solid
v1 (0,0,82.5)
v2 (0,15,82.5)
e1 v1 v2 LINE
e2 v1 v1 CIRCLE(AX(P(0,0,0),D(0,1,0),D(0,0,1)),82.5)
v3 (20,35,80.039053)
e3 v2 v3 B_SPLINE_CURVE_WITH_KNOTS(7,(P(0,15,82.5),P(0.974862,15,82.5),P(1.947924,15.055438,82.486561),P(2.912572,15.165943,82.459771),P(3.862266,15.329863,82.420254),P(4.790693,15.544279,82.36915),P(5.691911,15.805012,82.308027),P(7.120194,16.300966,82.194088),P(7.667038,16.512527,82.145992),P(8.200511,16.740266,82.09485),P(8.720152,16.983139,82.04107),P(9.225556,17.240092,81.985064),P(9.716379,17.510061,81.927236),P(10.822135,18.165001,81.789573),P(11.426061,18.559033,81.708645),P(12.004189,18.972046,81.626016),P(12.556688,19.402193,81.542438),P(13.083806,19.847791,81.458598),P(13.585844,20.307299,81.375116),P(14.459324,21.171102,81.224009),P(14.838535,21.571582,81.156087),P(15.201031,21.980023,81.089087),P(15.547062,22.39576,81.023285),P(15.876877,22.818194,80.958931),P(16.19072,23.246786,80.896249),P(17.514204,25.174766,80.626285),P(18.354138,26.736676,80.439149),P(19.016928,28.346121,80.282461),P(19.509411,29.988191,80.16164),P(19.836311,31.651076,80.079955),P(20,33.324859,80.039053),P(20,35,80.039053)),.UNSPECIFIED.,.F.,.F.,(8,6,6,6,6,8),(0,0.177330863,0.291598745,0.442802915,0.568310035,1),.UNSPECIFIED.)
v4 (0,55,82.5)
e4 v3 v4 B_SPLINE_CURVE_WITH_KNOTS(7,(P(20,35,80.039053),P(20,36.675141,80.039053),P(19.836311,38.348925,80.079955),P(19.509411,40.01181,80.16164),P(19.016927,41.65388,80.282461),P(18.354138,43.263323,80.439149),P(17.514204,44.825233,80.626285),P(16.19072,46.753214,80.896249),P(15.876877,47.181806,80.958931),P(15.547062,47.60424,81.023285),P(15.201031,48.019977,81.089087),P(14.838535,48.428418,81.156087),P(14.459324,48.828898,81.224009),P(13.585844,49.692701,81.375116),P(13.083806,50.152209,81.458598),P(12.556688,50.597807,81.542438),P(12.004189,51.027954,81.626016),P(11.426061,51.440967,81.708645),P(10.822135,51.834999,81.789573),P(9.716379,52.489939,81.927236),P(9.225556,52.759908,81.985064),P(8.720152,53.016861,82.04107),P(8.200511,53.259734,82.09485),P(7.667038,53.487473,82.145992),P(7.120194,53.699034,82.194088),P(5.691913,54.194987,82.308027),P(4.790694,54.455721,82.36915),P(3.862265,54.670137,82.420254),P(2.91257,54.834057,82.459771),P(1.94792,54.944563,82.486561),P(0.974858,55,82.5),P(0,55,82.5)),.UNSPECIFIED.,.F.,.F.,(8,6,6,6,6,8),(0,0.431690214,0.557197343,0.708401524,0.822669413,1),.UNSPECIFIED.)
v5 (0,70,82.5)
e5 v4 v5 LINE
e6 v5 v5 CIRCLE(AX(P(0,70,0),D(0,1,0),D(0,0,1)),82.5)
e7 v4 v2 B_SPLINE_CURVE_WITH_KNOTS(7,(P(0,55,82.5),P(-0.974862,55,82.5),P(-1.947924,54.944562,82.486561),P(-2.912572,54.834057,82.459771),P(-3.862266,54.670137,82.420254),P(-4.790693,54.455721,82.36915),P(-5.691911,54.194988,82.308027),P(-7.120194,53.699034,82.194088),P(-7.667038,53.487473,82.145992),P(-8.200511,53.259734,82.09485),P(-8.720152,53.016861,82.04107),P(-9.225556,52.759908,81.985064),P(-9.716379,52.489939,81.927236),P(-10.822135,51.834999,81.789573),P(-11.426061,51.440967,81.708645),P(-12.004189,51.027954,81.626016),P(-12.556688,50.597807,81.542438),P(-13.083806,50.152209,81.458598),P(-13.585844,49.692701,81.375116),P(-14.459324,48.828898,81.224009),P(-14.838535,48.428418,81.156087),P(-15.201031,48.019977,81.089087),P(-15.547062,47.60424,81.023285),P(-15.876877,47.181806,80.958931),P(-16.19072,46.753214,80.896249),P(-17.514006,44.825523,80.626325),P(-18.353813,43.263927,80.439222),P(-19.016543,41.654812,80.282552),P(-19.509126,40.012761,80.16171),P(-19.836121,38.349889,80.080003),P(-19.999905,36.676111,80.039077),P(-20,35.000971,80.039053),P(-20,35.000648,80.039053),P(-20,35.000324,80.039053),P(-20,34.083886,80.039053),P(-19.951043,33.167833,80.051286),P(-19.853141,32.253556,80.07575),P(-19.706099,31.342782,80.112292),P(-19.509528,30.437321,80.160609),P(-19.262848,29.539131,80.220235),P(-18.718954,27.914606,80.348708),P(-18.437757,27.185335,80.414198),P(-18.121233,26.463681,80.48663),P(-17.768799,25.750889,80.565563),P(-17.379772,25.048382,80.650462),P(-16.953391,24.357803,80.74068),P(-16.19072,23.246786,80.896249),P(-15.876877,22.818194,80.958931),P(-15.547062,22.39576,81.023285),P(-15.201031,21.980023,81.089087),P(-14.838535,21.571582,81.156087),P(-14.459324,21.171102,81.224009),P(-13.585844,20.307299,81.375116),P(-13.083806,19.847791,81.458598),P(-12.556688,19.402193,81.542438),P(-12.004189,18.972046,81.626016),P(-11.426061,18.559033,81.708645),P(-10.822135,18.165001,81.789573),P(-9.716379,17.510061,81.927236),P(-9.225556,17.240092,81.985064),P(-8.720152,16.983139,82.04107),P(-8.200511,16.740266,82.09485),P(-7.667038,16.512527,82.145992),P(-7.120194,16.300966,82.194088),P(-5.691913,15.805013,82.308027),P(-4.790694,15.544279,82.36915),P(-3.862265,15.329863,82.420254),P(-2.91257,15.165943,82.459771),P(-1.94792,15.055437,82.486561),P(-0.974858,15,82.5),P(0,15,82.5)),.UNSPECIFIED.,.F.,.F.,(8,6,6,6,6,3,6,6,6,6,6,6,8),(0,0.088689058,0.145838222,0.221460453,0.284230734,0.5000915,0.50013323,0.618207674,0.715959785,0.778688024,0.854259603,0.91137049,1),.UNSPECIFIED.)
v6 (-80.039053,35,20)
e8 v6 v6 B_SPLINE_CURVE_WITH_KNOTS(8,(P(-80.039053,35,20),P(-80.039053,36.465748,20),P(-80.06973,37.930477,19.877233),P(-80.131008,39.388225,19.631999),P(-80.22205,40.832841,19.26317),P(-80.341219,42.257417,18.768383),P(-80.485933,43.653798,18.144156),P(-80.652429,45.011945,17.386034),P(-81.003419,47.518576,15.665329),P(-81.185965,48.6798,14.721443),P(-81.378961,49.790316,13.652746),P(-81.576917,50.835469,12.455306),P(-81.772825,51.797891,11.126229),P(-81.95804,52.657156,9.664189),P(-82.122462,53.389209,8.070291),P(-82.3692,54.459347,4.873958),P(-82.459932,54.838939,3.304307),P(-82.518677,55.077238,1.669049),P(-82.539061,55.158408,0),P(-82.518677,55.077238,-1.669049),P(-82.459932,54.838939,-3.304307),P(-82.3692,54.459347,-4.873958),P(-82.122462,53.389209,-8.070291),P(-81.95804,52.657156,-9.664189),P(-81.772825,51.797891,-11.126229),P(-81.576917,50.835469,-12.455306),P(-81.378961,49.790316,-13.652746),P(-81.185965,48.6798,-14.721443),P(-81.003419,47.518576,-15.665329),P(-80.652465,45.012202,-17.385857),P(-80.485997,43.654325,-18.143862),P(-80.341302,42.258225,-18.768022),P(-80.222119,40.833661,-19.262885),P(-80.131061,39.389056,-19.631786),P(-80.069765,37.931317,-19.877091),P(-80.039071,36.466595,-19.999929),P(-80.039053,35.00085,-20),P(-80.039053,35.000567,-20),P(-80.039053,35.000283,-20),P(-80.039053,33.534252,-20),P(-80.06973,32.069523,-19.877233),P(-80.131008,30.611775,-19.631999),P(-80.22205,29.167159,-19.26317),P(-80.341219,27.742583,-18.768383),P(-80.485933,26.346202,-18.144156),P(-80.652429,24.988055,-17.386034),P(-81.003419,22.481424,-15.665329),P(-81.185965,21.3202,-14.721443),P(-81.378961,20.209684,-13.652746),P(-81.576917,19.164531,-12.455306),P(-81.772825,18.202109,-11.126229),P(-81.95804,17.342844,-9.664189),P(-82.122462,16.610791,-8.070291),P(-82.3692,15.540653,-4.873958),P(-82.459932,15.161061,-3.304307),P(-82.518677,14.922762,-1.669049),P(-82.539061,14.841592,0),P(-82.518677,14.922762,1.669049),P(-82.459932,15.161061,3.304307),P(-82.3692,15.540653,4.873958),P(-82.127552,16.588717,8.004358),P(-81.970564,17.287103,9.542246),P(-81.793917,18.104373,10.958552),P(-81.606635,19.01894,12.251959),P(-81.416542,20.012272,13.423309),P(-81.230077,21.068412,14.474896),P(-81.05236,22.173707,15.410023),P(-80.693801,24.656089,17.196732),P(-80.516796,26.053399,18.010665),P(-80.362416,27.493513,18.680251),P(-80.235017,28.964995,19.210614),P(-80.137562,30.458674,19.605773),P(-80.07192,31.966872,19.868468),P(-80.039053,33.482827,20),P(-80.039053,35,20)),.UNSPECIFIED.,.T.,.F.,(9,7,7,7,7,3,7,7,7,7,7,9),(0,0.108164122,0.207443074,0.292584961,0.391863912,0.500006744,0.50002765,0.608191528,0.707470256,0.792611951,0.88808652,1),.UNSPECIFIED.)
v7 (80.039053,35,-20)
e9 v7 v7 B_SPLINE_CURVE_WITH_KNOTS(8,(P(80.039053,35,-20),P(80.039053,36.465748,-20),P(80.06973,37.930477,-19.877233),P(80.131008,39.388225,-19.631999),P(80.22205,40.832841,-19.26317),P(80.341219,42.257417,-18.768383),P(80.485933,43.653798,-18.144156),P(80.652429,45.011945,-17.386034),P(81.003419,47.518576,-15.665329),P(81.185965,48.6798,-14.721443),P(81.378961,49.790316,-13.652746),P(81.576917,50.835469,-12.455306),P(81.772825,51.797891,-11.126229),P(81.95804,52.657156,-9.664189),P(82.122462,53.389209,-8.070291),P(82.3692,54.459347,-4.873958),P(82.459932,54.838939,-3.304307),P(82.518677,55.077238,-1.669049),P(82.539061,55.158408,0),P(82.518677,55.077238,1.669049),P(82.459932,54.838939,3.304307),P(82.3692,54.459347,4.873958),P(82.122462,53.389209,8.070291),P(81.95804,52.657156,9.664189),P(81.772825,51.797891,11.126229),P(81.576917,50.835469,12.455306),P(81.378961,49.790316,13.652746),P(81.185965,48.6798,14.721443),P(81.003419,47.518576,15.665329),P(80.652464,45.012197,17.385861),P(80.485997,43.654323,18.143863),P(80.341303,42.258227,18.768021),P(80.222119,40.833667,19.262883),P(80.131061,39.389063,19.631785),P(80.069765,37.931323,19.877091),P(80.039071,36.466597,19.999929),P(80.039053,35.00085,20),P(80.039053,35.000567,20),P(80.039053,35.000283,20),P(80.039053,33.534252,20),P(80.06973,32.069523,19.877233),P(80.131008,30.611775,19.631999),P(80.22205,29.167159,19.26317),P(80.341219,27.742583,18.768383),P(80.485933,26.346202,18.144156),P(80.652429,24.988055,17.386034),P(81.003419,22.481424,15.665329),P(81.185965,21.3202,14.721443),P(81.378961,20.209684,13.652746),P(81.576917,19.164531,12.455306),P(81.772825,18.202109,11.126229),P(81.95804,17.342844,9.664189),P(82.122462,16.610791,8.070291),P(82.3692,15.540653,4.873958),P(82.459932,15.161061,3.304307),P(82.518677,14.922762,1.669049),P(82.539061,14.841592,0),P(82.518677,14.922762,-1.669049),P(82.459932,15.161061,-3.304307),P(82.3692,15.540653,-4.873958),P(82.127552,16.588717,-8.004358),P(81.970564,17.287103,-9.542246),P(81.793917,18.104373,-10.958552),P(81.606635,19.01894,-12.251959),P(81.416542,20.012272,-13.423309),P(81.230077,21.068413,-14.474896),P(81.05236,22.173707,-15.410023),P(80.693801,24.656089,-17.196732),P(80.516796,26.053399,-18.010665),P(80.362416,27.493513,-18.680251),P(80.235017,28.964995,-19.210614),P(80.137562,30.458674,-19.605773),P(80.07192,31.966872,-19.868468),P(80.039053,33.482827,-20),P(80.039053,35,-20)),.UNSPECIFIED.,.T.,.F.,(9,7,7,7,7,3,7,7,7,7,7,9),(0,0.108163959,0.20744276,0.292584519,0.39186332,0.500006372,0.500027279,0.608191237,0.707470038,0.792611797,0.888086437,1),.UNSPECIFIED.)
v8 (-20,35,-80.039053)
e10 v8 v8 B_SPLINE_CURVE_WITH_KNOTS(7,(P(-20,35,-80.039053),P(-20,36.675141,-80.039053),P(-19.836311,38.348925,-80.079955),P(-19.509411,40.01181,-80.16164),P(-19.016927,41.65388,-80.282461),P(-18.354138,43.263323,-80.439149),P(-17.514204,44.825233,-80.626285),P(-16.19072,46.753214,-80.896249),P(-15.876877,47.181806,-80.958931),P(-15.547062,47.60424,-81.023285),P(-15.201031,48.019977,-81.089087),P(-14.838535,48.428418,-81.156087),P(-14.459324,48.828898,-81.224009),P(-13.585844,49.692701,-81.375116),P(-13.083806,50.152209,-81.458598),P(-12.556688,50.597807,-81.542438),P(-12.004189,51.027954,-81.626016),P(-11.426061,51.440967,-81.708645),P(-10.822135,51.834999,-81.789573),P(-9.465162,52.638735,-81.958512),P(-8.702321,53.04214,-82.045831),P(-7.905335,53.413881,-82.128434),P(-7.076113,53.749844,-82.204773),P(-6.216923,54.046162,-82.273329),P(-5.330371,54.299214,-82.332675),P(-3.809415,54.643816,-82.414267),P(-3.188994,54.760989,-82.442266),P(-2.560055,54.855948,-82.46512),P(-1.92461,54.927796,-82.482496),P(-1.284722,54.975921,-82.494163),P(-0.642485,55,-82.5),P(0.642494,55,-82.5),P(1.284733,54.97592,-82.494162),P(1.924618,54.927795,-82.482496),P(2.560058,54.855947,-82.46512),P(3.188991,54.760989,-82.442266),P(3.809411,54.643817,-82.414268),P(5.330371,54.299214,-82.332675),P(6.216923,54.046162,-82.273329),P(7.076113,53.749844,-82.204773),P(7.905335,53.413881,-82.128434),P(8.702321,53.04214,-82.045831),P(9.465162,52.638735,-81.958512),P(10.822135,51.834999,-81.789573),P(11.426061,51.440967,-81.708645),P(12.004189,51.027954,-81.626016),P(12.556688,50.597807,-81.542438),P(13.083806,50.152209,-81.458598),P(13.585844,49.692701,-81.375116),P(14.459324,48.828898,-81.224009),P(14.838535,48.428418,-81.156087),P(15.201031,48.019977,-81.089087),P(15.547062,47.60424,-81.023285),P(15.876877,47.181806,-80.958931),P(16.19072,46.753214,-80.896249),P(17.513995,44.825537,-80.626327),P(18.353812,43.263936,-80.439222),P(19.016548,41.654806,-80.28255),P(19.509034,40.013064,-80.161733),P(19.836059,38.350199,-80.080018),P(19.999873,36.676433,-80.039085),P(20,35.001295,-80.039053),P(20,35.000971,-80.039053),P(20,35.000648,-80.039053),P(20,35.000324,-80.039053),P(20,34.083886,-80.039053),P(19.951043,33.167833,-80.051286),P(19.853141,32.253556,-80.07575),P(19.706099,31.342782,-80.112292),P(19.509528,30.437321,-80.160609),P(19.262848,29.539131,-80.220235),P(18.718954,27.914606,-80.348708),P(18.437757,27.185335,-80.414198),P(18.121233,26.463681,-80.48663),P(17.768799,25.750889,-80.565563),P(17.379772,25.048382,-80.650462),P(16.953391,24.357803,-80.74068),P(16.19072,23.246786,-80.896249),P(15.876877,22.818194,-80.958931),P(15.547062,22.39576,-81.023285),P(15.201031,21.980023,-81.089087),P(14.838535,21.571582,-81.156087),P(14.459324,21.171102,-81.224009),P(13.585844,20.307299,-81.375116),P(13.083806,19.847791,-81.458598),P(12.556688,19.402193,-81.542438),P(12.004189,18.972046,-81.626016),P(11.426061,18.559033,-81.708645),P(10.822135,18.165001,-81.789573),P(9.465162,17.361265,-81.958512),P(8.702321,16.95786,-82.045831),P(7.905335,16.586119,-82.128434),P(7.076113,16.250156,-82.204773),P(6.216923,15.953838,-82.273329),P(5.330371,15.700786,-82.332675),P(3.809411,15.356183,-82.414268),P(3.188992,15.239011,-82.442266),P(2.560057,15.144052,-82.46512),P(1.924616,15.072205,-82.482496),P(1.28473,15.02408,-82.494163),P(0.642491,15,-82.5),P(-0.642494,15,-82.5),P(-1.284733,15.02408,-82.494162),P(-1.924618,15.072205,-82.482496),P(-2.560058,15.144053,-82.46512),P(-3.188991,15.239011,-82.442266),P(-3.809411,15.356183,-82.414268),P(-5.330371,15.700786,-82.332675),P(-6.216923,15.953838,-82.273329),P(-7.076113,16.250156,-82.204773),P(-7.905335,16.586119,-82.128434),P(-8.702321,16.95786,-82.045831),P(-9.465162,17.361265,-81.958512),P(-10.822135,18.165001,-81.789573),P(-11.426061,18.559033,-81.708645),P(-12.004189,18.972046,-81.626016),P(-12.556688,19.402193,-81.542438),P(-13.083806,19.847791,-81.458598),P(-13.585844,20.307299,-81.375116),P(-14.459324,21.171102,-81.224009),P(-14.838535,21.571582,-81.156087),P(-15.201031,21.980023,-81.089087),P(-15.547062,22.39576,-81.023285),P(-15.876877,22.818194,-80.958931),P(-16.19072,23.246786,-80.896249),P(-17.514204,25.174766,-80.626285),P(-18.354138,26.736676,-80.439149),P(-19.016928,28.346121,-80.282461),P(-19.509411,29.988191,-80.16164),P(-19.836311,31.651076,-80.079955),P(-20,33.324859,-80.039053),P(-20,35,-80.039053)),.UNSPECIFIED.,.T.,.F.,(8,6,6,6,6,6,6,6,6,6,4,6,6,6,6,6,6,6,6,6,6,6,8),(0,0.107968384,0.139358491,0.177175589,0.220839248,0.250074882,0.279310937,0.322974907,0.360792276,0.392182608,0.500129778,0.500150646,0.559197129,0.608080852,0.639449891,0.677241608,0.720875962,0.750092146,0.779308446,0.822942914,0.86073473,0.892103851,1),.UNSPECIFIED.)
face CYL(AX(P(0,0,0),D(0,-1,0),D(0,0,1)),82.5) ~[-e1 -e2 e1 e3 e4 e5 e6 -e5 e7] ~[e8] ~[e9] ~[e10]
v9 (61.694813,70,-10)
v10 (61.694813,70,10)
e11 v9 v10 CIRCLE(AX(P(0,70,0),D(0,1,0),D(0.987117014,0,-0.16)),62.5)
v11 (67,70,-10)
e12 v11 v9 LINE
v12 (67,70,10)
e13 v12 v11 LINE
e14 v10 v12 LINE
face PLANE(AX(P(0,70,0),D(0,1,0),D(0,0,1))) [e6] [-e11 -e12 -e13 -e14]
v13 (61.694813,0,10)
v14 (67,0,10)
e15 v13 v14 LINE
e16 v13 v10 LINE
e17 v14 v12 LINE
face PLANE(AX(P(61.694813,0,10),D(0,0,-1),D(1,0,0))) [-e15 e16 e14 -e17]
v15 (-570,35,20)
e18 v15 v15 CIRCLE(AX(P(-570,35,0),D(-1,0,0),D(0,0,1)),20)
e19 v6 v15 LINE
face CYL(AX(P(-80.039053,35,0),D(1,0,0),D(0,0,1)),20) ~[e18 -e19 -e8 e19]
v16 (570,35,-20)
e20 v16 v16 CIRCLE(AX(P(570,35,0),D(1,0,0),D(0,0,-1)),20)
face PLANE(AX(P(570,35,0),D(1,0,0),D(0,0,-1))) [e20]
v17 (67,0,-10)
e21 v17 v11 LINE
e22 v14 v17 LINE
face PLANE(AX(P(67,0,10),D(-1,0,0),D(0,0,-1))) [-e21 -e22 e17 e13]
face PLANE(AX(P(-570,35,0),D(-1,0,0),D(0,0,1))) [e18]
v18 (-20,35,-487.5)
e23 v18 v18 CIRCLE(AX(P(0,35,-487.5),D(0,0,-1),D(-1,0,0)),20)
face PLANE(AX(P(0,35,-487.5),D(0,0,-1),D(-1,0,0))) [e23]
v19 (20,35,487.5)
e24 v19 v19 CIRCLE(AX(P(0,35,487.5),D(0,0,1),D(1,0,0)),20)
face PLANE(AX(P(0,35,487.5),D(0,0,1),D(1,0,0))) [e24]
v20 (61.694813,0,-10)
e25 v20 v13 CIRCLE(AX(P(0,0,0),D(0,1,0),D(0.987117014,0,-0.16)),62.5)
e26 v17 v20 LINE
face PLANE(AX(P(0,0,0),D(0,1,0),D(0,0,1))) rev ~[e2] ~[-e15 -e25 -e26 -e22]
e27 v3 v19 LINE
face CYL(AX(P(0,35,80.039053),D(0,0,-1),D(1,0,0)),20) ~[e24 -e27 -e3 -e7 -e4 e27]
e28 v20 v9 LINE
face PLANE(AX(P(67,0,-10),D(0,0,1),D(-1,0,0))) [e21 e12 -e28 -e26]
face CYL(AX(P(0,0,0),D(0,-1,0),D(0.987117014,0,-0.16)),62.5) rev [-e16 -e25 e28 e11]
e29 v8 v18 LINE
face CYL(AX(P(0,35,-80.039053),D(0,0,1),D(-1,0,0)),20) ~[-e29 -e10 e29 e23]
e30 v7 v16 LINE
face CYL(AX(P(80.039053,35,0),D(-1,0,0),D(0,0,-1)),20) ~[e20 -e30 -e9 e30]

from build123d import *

# Parameters (mm, degrees)
SKETCH_1_R               = 82.5
EXTRUDE_1_DEPTH          = 70
EXTRUDE_START            = -407.460947
SKETCH_2_R               = 20
EXTRUDE_2_DEPTH          = 407.460947
EXTRUDE_START_2          = -489.960947
SKETCH_4_R               = 20
EXTRUDE_3_DEPTH          = 489.960947
PATTERN_CIRCULAR_2_COUNT = 2


with BuildPart() as part:
    # 스케치1 → 보스-돌출1 (new body)
    with BuildSketch(Plane(origin=(0, 0, 0), x_dir=(1, 0, 0), z_dir=(0, 1, 0))):
        with Locations(Location((0, 0, 0), (0, 0, 270))):  # turned: the seam where the file's is
            Circle(SKETCH_1_R)
        with BuildLine():
            Line((61.694813396, -10), (67, -10))
            Line((67, -10), (67, 10))
            Line((67, 10), (61.694813396, 10))
            ThreePointArc((61.694813396, 10), (-62.5, 0), (61.694813396, -10))
        make_face(mode=Mode.SUBTRACT)
    extrude(amount=EXTRUDE_1_DEPTH)

    # 스케치2 → 보스-돌출2 (add)
    with BuildSketch(Plane.XY.offset(487.5).offset(EXTRUDE_START)):
        with Locations((0, 35)):
            Circle(SKETCH_2_R)
    extrude_2 = extrude(amount=EXTRUDE_2_DEPTH)

    # 스케치4 → 보스-돌출3 (add)
    with BuildSketch(Plane(origin=(570, 0, 0), x_dir=(0, 0, -1), z_dir=(1, 0, 0)).offset(EXTRUDE_START_2)):
        with Locations((0, 35)):
            Circle(SKETCH_4_R)
    extrude_3 = extrude(amount=EXTRUDE_3_DEPTH)

    # 원형 패턴2: 보스-돌출2, 보스-돌출3 ×2 about axis
    pattern_circular_2_axis = Axis((0, 0, 0), (0, 1, 0))
    add([extrude_2.rotate(pattern_circular_2_axis, i * 360 / PATTERN_CIRCULAR_2_COUNT) for i in range(1, PATTERN_CIRCULAR_2_COUNT)])
    add([extrude_3.rotate(pattern_circular_2_axis, i * 360 / PATTERN_CIRCULAR_2_COUNT) for i in range(1, PATTERN_CIRCULAR_2_COUNT)])


solid = part.part
